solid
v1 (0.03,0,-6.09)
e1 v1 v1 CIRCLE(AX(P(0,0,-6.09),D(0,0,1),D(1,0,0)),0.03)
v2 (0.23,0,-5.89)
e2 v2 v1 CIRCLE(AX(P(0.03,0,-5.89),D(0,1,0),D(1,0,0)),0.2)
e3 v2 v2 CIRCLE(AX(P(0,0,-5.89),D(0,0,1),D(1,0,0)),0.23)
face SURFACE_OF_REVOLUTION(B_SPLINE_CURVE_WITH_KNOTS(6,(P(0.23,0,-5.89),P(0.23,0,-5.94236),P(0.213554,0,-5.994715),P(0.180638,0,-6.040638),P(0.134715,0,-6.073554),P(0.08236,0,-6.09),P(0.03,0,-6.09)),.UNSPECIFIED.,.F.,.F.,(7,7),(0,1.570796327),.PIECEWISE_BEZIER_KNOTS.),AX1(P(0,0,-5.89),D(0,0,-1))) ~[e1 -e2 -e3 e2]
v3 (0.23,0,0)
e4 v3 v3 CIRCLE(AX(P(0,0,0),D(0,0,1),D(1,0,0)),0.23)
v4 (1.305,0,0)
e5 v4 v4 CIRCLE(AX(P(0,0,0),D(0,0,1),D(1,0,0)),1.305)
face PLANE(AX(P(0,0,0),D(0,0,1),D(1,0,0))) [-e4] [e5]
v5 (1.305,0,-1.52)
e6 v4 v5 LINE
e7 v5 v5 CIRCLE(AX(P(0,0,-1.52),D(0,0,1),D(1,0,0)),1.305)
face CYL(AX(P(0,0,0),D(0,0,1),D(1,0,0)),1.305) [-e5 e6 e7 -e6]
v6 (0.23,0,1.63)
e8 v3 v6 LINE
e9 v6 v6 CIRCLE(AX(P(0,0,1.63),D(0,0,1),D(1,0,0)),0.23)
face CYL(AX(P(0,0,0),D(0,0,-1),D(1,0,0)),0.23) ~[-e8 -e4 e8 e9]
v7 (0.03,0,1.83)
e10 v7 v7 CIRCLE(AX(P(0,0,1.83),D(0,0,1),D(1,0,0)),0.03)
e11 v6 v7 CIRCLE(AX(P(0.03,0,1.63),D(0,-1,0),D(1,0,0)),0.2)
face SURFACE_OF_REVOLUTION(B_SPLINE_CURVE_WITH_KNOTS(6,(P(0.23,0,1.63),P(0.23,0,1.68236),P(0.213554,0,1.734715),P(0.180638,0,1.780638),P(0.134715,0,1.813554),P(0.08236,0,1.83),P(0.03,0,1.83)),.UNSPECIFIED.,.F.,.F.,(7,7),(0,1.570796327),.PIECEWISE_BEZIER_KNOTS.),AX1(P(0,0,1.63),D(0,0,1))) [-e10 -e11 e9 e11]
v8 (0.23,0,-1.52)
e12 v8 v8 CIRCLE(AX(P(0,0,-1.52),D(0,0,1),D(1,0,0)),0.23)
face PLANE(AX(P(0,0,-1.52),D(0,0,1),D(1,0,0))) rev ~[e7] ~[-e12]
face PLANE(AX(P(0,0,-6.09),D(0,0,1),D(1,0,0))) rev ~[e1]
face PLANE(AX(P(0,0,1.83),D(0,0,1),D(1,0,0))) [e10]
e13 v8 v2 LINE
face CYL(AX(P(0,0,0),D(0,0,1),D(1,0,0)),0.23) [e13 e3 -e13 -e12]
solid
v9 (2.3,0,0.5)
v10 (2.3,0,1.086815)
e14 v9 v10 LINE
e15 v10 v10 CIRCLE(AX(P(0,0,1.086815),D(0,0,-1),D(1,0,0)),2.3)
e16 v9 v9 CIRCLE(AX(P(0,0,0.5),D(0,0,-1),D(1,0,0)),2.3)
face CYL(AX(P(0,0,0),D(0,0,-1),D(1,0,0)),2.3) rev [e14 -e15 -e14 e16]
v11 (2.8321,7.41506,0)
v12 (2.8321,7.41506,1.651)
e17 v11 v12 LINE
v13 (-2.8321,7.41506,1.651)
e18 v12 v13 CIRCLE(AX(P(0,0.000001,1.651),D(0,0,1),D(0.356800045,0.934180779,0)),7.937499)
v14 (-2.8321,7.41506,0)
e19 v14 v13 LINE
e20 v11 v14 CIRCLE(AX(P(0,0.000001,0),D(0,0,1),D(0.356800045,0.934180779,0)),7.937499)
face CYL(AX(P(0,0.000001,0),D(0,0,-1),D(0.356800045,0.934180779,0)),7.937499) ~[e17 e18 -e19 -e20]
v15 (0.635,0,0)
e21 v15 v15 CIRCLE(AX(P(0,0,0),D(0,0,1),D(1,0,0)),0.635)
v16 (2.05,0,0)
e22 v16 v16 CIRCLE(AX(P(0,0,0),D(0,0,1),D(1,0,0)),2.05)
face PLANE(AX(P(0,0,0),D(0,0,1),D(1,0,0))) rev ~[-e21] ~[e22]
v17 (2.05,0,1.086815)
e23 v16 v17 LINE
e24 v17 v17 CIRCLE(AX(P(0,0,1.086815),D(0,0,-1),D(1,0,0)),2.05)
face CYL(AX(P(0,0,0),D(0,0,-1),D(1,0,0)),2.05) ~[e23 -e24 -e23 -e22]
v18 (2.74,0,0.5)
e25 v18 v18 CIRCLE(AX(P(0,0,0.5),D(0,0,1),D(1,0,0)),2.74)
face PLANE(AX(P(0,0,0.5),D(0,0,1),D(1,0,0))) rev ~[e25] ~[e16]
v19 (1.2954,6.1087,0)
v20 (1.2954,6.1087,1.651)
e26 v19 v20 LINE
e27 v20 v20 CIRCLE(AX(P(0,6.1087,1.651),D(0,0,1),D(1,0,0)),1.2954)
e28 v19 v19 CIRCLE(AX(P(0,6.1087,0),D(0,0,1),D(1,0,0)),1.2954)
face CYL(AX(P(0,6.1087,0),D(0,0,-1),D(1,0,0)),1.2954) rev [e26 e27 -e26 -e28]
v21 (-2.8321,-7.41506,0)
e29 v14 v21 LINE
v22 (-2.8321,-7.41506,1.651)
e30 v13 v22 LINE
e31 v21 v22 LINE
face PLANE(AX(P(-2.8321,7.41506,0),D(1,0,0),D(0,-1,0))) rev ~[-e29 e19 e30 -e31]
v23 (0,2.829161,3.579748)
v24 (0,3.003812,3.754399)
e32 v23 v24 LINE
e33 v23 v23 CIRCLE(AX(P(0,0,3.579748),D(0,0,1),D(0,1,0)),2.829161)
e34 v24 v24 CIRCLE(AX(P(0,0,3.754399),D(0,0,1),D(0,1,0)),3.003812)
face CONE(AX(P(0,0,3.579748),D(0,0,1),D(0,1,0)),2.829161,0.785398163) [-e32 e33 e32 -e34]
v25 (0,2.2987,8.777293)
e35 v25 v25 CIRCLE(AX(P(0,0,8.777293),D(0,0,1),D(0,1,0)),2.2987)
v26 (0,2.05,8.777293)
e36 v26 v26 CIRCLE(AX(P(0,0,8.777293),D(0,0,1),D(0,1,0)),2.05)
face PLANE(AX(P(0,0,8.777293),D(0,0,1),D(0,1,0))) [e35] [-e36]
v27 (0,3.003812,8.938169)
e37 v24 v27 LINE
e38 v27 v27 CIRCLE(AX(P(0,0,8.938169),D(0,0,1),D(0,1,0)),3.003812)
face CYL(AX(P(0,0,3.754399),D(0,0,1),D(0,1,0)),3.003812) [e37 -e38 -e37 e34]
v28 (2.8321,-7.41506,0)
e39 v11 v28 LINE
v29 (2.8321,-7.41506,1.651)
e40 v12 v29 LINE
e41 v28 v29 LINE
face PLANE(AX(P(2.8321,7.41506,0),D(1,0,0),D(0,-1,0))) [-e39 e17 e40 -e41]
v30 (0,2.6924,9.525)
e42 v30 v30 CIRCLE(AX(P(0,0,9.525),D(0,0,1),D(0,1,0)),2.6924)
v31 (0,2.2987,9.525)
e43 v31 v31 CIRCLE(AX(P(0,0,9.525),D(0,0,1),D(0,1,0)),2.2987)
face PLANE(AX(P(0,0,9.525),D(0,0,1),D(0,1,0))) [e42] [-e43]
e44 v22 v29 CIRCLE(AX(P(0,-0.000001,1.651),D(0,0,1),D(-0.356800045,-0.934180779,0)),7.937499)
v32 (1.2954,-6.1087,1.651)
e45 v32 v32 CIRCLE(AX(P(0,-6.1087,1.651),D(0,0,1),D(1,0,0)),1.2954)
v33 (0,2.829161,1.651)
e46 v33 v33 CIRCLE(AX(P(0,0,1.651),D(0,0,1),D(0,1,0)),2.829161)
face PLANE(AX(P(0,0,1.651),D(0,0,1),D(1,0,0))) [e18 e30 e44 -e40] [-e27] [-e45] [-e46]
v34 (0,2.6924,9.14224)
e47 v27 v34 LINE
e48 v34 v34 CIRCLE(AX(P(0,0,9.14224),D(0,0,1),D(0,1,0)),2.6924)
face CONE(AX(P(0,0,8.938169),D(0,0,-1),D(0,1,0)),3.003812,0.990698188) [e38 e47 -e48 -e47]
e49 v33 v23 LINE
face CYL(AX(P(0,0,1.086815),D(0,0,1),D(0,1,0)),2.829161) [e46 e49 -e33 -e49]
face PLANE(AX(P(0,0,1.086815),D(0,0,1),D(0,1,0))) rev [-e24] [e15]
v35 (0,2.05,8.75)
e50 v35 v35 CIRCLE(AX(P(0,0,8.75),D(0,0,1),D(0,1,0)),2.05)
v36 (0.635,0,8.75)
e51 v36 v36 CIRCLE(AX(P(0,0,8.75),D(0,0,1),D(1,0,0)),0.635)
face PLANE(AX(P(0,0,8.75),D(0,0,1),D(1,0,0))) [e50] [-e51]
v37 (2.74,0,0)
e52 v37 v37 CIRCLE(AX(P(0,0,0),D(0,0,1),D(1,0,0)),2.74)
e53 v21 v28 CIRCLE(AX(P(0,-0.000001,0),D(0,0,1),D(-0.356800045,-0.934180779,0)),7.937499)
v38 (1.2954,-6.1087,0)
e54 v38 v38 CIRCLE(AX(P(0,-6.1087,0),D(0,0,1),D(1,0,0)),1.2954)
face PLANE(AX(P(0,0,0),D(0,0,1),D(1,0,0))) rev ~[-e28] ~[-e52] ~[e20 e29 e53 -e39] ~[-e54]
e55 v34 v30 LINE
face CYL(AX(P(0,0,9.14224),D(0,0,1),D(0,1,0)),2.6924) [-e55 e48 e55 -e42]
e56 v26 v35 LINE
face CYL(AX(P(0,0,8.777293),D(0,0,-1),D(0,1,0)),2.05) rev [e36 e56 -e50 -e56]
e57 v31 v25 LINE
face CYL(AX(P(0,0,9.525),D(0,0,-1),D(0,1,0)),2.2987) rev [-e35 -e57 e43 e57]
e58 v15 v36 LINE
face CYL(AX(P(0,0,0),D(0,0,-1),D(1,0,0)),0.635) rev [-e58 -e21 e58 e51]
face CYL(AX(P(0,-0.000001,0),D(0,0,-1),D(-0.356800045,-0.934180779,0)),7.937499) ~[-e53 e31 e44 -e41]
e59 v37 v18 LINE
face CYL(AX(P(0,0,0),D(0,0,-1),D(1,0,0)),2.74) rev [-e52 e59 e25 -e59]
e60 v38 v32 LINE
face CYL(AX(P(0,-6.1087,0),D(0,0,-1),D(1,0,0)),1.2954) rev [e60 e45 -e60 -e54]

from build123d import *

# Parameters (mm, degrees)
SKETCH_R          = 1.2954
SKETCH_R_2        = 2.3
PAD_DEPTH         = 1.651
SKETCH002_R       = 2.74
SKETCH002_R_2     = 1.91
POCKET_DEPTH      = 0.5
SKETCH003_R       = 2.05
SKETCH003_R_2     = 0.635
PAD001_DEPTH      = 8.75
SKETCH004_R       = 1.305
SKETCH004_R_2     = 0.23
PAD002_DEPTH      = 1.52
SKETCH005_R       = 0.23
PAD003_DEPTH      = 1.83
PAD003_DEPTH_BACK = 6.09
FILLET_R          = 0.2


with BuildPart() as body:
    # Sketch → Pad (new body)
    with BuildSketch(Plane.XY):
        with BuildLine():
            Line((-2.8321, 7.41506), (-2.8321, -7.41506))
            ThreePointArc((-2.8321, -7.41506), (0, -7.9375), (2.8321, -7.41506))
            Line((2.8321, 7.41506), (2.8321, -7.41506))
            ThreePointArc((2.8321, 7.41506), (0, 7.9375), (-2.8321, 7.41506))
        make_face()
        with Locations((0, 6.1087)):
            Circle(SKETCH_R, mode=Mode.SUBTRACT)
        with Locations((0, -6.1087)):
            Circle(SKETCH_R, mode=Mode.SUBTRACT)
        Circle(SKETCH_R_2, mode=Mode.SUBTRACT)
    extrude(amount=PAD_DEPTH)

    # Sketch002 → Pocket (cut)
    with BuildSketch(Plane.XY):
        Circle(SKETCH002_R)
        Circle(SKETCH002_R_2, mode=Mode.SUBTRACT)
    extrude(amount=POCKET_DEPTH, mode=Mode.SUBTRACT)

    # Sketch001 → Revolution (revolve)
    with BuildSketch(Plane.YZ):
        Polygon((2.829161, 1.086815), (2.829161, 3.579748), (3.003812, 3.754399), (3.003812, 8.938169), (2.6924, 9.14224), (2.6924, 9.525), (2.2987, 9.525), (2.2987, 8.777293), (2.05, 8.777293), (2.05, 1.086815), align=None)
    revolve(axis=Axis((0, 0, 0), (0, 0, 1)))

    # Sketch003 → Pad001 (join)
    with BuildSketch(Plane.XY):
        Circle(SKETCH003_R)
        Circle(SKETCH003_R_2, mode=Mode.SUBTRACT)
    extrude(amount=PAD001_DEPTH)


with BuildPart() as body001:
    # Sketch004 → Pad002 (new body)
    with BuildSketch(Plane.XY):
        Circle(SKETCH004_R)
        Circle(SKETCH004_R_2, mode=Mode.SUBTRACT)
    extrude(amount=-PAD002_DEPTH)

    # Sketch005 → Pad003 (join, two sides)
    with BuildSketch(Plane.XY) as pad003_sk:
        Circle(SKETCH005_R)
    extrude(amount=PAD003_DEPTH)
    extrude(pad003_sk.sketch, amount=-PAD003_DEPTH_BACK)

    # Fillet
    fillet_edges = [body001.edges().sort_by_distance(p)[0] for p in [
        (-0.23, 0, -6.09),
        (-0.23, 0, 1.83),
    ]]
    fillet(fillet_edges, radius=FILLET_R)


solid = Compound([body.part, body001.part])
